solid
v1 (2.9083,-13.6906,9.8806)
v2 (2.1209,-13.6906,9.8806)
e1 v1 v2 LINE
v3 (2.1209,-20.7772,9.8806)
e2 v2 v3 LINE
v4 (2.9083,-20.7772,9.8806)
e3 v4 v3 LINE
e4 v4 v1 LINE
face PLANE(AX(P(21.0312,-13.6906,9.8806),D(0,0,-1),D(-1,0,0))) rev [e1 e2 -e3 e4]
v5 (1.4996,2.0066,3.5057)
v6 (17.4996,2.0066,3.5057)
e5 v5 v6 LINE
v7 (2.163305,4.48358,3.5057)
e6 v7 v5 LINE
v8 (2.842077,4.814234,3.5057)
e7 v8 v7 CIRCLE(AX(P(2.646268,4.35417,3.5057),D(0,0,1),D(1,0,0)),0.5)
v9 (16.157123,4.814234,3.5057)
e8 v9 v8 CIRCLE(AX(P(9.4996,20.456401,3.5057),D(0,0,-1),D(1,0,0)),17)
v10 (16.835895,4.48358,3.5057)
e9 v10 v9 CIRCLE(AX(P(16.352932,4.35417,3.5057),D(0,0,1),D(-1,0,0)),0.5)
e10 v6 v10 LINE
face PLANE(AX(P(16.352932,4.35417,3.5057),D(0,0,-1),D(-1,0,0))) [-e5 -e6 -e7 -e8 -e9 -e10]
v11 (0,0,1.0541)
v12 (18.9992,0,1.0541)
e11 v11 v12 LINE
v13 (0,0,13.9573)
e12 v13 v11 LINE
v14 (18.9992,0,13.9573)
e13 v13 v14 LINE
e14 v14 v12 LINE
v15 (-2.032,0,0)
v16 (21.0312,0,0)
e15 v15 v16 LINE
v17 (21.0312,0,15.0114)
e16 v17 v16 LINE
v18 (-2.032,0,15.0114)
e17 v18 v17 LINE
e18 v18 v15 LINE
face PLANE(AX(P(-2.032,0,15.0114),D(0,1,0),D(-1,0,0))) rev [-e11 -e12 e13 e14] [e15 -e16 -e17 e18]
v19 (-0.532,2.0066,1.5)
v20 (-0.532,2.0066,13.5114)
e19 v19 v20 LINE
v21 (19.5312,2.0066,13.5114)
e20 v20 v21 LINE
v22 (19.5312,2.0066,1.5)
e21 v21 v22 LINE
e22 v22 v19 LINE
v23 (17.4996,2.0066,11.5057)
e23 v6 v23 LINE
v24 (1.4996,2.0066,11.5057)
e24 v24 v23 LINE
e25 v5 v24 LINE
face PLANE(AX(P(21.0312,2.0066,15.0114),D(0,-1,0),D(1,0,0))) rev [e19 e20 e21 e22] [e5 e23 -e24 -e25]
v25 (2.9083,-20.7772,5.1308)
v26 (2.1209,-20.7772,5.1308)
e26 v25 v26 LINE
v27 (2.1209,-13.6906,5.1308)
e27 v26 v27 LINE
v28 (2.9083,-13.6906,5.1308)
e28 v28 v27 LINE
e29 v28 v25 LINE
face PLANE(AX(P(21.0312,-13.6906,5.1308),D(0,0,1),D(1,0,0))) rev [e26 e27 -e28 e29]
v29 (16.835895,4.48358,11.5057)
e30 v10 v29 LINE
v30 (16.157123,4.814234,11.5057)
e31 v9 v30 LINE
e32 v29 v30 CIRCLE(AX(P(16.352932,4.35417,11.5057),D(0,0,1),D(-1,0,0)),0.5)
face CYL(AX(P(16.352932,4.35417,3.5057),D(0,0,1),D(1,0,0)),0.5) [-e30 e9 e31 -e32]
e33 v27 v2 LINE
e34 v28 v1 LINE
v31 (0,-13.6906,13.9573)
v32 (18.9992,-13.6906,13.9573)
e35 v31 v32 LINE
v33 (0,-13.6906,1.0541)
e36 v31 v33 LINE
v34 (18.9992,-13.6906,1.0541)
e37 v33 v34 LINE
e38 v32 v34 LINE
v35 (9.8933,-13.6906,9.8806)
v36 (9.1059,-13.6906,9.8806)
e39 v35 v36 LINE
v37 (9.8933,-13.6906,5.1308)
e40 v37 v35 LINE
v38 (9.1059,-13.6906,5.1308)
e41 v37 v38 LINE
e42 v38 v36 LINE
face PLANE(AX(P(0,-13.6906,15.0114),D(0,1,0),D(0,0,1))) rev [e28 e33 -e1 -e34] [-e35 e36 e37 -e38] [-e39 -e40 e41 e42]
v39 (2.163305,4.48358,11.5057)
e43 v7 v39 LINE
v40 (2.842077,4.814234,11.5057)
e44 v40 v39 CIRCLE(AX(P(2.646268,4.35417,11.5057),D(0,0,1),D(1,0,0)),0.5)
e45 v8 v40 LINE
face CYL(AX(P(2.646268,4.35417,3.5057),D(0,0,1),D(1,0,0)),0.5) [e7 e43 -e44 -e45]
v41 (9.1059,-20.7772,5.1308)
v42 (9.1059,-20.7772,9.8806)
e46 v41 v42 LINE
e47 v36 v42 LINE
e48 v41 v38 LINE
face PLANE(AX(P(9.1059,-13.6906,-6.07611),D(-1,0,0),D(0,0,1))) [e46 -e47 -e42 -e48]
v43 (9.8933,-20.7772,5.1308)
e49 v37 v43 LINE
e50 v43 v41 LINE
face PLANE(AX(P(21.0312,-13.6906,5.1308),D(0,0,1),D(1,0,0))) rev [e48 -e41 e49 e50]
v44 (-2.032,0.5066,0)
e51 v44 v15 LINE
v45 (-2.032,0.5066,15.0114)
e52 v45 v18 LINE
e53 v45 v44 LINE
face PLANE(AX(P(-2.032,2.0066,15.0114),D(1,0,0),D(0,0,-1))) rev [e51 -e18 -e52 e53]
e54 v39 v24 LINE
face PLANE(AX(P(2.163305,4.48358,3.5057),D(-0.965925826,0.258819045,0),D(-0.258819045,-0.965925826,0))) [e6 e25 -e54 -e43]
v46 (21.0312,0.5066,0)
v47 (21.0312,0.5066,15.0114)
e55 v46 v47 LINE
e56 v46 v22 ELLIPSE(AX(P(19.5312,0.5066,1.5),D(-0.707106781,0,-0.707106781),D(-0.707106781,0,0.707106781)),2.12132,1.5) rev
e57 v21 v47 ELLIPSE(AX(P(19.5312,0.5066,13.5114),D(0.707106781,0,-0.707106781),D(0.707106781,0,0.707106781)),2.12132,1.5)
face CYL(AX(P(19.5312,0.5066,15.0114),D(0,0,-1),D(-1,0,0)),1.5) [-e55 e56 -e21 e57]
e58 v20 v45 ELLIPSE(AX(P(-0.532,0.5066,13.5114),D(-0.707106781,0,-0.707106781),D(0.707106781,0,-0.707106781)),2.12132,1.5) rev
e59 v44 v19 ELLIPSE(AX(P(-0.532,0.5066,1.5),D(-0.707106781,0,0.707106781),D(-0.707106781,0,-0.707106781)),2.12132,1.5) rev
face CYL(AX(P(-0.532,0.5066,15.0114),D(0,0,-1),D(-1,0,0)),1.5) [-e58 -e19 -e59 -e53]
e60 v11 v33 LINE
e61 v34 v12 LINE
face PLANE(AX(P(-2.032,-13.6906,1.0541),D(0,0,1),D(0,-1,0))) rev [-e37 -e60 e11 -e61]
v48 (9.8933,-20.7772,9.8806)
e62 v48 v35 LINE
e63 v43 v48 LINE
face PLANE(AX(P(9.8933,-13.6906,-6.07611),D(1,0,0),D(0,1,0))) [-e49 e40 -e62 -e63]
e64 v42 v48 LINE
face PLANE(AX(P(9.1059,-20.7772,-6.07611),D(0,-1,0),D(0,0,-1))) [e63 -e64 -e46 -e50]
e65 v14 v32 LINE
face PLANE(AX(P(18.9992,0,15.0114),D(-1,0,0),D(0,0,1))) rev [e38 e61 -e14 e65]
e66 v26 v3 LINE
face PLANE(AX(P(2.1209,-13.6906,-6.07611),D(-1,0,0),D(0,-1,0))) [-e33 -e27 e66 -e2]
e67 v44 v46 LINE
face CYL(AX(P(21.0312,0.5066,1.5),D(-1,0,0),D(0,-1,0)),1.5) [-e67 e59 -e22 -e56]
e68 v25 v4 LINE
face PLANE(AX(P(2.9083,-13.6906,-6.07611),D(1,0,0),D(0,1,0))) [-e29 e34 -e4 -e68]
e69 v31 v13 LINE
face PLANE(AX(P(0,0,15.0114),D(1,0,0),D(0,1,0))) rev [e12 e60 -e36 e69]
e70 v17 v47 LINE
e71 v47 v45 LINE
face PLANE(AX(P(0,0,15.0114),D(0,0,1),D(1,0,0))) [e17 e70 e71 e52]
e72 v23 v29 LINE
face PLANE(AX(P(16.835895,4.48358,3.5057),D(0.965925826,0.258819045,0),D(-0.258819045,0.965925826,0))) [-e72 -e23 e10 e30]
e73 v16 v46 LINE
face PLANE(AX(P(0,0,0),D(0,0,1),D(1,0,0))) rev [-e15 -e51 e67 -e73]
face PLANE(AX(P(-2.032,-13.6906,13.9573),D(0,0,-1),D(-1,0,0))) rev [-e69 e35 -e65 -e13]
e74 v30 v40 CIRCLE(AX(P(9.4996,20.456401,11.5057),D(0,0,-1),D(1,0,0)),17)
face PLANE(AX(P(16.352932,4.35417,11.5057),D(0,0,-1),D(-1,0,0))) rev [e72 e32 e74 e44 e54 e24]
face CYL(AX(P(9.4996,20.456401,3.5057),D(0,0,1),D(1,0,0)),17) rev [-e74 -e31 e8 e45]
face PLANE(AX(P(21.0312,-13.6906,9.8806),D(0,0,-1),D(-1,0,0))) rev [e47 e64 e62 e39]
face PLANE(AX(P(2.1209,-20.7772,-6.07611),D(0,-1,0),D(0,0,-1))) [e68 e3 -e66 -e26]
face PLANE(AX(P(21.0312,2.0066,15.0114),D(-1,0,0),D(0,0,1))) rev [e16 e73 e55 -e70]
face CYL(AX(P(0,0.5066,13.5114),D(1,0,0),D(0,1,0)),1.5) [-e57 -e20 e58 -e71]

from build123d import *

# Parameters (mm, degrees)
BOSS_EXTRUDE1_DEPTH      = 15.0114
SKETCH2_W                = 1.0541
SKETCH2_H                = 13.6906
CUT_EXTRUDE1_DEPTH       = 31.735742265
FILLET1_R                = 1.5
SKETCH4_W                = 0.7874
SKETCH4_H                = 7.0866
BOSS_EXTRUDE2_DEPTH      = 12.9032
SKETCH5_W                = 4.0767
SKETCH5_H                = 7.0866
CUT_EXTRUDE2_DEPTH       = 34.156380129
BOSS_EXTRUDE3_DEPTH      = 4
BOSS_EXTRUDE3_DEPTH_BACK = 4


with BuildPart() as part:
    # Sketch1 → Boss-Extrude1 (new body)
    with BuildSketch(Plane.XY):
        Polygon((-2.032, 0), (0, 0), (0, -13.6906), (18.9992, -13.6906), (18.9992, 0), (21.0312, 0), (21.0312, 2.0066), (-2.032, 2.0066), align=None)
    extrude(amount=BOSS_EXTRUDE1_DEPTH)

    # Sketch2 → Cut-Extrude1 (cut, through all)
    with BuildSketch(Plane(origin=(21.0312, 0, 0), x_dir=(0, 0, -1), z_dir=(1, 0, 0))):
        with Locations((-14.48435, -6.8453)):
            Rectangle(SKETCH2_W, SKETCH2_H)
        with Locations((-0.52705, -6.8453)):
            Rectangle(SKETCH2_W, SKETCH2_H)
    extrude(amount=-CUT_EXTRUDE1_DEPTH, mode=Mode.SUBTRACT)

    # Fillet1
    fillet1_edges = [part.edges().sort_by_distance(p)[0] for p in [
        (-2.032, 2.0066, 7.5057),
        (21.0312, 2.0066, 7.5057),
        (9.4996, 2.0066, 15.0114),
        (9.4996, 2.0066, 0),
    ]]
    fillet(fillet1_edges, radius=FILLET1_R)

    # Sketch4 → Boss-Extrude2 (add)
    with BuildSketch(Plane.XY.offset(13.9573)):
        with Locations((2.5146, -17.2339)):
            Rectangle(SKETCH4_W, SKETCH4_H)
        with Locations((9.4996, -17.2339)):
            Rectangle(SKETCH4_W, SKETCH4_H)
    extrude(amount=-BOSS_EXTRUDE2_DEPTH)

    # Sketch5 → Cut-Extrude2 (cut, through all)
    with BuildSketch(Plane.ZY):
        with Locations((3.09245, -17.2339)):
            Rectangle(SKETCH5_W, SKETCH5_H)
        with Locations((11.91895, -17.2339)):
            Rectangle(SKETCH5_W, SKETCH5_H)
    extrude(amount=-CUT_EXTRUDE2_DEPTH, mode=Mode.SUBTRACT)

    # Sketch6 → Boss-Extrude3 (add, two sides: drawn at the far end of the back side and taken through both)
    with BuildSketch(Plane.XY.offset(7.5057).offset(-BOSS_EXTRUDE3_DEPTH_BACK)):
        with BuildLine():
            Line((2.163304729, 4.48357977), (1.4996, 2.0066))
            Line((1.4996, 2.0066), (17.4996, 2.0066))
            Line((17.4996, 2.0066), (16.835895271, 4.48357977))
            ThreePointArc((16.835895271, 4.48357977), (16.571901131, 4.803672947), (16.157122862, 4.814233984))
            ThreePointArc((16.157122862, 4.814233984), (9.4996, 3.456401012), (2.842077138, 4.814233984))
            ThreePointArc((2.842077138, 4.814233984), (2.427298869, 4.803672947), (2.163304729, 4.48357977))
        make_face()
    extrude(amount=BOSS_EXTRUDE3_DEPTH + BOSS_EXTRUDE3_DEPTH_BACK)


solid = part.part
